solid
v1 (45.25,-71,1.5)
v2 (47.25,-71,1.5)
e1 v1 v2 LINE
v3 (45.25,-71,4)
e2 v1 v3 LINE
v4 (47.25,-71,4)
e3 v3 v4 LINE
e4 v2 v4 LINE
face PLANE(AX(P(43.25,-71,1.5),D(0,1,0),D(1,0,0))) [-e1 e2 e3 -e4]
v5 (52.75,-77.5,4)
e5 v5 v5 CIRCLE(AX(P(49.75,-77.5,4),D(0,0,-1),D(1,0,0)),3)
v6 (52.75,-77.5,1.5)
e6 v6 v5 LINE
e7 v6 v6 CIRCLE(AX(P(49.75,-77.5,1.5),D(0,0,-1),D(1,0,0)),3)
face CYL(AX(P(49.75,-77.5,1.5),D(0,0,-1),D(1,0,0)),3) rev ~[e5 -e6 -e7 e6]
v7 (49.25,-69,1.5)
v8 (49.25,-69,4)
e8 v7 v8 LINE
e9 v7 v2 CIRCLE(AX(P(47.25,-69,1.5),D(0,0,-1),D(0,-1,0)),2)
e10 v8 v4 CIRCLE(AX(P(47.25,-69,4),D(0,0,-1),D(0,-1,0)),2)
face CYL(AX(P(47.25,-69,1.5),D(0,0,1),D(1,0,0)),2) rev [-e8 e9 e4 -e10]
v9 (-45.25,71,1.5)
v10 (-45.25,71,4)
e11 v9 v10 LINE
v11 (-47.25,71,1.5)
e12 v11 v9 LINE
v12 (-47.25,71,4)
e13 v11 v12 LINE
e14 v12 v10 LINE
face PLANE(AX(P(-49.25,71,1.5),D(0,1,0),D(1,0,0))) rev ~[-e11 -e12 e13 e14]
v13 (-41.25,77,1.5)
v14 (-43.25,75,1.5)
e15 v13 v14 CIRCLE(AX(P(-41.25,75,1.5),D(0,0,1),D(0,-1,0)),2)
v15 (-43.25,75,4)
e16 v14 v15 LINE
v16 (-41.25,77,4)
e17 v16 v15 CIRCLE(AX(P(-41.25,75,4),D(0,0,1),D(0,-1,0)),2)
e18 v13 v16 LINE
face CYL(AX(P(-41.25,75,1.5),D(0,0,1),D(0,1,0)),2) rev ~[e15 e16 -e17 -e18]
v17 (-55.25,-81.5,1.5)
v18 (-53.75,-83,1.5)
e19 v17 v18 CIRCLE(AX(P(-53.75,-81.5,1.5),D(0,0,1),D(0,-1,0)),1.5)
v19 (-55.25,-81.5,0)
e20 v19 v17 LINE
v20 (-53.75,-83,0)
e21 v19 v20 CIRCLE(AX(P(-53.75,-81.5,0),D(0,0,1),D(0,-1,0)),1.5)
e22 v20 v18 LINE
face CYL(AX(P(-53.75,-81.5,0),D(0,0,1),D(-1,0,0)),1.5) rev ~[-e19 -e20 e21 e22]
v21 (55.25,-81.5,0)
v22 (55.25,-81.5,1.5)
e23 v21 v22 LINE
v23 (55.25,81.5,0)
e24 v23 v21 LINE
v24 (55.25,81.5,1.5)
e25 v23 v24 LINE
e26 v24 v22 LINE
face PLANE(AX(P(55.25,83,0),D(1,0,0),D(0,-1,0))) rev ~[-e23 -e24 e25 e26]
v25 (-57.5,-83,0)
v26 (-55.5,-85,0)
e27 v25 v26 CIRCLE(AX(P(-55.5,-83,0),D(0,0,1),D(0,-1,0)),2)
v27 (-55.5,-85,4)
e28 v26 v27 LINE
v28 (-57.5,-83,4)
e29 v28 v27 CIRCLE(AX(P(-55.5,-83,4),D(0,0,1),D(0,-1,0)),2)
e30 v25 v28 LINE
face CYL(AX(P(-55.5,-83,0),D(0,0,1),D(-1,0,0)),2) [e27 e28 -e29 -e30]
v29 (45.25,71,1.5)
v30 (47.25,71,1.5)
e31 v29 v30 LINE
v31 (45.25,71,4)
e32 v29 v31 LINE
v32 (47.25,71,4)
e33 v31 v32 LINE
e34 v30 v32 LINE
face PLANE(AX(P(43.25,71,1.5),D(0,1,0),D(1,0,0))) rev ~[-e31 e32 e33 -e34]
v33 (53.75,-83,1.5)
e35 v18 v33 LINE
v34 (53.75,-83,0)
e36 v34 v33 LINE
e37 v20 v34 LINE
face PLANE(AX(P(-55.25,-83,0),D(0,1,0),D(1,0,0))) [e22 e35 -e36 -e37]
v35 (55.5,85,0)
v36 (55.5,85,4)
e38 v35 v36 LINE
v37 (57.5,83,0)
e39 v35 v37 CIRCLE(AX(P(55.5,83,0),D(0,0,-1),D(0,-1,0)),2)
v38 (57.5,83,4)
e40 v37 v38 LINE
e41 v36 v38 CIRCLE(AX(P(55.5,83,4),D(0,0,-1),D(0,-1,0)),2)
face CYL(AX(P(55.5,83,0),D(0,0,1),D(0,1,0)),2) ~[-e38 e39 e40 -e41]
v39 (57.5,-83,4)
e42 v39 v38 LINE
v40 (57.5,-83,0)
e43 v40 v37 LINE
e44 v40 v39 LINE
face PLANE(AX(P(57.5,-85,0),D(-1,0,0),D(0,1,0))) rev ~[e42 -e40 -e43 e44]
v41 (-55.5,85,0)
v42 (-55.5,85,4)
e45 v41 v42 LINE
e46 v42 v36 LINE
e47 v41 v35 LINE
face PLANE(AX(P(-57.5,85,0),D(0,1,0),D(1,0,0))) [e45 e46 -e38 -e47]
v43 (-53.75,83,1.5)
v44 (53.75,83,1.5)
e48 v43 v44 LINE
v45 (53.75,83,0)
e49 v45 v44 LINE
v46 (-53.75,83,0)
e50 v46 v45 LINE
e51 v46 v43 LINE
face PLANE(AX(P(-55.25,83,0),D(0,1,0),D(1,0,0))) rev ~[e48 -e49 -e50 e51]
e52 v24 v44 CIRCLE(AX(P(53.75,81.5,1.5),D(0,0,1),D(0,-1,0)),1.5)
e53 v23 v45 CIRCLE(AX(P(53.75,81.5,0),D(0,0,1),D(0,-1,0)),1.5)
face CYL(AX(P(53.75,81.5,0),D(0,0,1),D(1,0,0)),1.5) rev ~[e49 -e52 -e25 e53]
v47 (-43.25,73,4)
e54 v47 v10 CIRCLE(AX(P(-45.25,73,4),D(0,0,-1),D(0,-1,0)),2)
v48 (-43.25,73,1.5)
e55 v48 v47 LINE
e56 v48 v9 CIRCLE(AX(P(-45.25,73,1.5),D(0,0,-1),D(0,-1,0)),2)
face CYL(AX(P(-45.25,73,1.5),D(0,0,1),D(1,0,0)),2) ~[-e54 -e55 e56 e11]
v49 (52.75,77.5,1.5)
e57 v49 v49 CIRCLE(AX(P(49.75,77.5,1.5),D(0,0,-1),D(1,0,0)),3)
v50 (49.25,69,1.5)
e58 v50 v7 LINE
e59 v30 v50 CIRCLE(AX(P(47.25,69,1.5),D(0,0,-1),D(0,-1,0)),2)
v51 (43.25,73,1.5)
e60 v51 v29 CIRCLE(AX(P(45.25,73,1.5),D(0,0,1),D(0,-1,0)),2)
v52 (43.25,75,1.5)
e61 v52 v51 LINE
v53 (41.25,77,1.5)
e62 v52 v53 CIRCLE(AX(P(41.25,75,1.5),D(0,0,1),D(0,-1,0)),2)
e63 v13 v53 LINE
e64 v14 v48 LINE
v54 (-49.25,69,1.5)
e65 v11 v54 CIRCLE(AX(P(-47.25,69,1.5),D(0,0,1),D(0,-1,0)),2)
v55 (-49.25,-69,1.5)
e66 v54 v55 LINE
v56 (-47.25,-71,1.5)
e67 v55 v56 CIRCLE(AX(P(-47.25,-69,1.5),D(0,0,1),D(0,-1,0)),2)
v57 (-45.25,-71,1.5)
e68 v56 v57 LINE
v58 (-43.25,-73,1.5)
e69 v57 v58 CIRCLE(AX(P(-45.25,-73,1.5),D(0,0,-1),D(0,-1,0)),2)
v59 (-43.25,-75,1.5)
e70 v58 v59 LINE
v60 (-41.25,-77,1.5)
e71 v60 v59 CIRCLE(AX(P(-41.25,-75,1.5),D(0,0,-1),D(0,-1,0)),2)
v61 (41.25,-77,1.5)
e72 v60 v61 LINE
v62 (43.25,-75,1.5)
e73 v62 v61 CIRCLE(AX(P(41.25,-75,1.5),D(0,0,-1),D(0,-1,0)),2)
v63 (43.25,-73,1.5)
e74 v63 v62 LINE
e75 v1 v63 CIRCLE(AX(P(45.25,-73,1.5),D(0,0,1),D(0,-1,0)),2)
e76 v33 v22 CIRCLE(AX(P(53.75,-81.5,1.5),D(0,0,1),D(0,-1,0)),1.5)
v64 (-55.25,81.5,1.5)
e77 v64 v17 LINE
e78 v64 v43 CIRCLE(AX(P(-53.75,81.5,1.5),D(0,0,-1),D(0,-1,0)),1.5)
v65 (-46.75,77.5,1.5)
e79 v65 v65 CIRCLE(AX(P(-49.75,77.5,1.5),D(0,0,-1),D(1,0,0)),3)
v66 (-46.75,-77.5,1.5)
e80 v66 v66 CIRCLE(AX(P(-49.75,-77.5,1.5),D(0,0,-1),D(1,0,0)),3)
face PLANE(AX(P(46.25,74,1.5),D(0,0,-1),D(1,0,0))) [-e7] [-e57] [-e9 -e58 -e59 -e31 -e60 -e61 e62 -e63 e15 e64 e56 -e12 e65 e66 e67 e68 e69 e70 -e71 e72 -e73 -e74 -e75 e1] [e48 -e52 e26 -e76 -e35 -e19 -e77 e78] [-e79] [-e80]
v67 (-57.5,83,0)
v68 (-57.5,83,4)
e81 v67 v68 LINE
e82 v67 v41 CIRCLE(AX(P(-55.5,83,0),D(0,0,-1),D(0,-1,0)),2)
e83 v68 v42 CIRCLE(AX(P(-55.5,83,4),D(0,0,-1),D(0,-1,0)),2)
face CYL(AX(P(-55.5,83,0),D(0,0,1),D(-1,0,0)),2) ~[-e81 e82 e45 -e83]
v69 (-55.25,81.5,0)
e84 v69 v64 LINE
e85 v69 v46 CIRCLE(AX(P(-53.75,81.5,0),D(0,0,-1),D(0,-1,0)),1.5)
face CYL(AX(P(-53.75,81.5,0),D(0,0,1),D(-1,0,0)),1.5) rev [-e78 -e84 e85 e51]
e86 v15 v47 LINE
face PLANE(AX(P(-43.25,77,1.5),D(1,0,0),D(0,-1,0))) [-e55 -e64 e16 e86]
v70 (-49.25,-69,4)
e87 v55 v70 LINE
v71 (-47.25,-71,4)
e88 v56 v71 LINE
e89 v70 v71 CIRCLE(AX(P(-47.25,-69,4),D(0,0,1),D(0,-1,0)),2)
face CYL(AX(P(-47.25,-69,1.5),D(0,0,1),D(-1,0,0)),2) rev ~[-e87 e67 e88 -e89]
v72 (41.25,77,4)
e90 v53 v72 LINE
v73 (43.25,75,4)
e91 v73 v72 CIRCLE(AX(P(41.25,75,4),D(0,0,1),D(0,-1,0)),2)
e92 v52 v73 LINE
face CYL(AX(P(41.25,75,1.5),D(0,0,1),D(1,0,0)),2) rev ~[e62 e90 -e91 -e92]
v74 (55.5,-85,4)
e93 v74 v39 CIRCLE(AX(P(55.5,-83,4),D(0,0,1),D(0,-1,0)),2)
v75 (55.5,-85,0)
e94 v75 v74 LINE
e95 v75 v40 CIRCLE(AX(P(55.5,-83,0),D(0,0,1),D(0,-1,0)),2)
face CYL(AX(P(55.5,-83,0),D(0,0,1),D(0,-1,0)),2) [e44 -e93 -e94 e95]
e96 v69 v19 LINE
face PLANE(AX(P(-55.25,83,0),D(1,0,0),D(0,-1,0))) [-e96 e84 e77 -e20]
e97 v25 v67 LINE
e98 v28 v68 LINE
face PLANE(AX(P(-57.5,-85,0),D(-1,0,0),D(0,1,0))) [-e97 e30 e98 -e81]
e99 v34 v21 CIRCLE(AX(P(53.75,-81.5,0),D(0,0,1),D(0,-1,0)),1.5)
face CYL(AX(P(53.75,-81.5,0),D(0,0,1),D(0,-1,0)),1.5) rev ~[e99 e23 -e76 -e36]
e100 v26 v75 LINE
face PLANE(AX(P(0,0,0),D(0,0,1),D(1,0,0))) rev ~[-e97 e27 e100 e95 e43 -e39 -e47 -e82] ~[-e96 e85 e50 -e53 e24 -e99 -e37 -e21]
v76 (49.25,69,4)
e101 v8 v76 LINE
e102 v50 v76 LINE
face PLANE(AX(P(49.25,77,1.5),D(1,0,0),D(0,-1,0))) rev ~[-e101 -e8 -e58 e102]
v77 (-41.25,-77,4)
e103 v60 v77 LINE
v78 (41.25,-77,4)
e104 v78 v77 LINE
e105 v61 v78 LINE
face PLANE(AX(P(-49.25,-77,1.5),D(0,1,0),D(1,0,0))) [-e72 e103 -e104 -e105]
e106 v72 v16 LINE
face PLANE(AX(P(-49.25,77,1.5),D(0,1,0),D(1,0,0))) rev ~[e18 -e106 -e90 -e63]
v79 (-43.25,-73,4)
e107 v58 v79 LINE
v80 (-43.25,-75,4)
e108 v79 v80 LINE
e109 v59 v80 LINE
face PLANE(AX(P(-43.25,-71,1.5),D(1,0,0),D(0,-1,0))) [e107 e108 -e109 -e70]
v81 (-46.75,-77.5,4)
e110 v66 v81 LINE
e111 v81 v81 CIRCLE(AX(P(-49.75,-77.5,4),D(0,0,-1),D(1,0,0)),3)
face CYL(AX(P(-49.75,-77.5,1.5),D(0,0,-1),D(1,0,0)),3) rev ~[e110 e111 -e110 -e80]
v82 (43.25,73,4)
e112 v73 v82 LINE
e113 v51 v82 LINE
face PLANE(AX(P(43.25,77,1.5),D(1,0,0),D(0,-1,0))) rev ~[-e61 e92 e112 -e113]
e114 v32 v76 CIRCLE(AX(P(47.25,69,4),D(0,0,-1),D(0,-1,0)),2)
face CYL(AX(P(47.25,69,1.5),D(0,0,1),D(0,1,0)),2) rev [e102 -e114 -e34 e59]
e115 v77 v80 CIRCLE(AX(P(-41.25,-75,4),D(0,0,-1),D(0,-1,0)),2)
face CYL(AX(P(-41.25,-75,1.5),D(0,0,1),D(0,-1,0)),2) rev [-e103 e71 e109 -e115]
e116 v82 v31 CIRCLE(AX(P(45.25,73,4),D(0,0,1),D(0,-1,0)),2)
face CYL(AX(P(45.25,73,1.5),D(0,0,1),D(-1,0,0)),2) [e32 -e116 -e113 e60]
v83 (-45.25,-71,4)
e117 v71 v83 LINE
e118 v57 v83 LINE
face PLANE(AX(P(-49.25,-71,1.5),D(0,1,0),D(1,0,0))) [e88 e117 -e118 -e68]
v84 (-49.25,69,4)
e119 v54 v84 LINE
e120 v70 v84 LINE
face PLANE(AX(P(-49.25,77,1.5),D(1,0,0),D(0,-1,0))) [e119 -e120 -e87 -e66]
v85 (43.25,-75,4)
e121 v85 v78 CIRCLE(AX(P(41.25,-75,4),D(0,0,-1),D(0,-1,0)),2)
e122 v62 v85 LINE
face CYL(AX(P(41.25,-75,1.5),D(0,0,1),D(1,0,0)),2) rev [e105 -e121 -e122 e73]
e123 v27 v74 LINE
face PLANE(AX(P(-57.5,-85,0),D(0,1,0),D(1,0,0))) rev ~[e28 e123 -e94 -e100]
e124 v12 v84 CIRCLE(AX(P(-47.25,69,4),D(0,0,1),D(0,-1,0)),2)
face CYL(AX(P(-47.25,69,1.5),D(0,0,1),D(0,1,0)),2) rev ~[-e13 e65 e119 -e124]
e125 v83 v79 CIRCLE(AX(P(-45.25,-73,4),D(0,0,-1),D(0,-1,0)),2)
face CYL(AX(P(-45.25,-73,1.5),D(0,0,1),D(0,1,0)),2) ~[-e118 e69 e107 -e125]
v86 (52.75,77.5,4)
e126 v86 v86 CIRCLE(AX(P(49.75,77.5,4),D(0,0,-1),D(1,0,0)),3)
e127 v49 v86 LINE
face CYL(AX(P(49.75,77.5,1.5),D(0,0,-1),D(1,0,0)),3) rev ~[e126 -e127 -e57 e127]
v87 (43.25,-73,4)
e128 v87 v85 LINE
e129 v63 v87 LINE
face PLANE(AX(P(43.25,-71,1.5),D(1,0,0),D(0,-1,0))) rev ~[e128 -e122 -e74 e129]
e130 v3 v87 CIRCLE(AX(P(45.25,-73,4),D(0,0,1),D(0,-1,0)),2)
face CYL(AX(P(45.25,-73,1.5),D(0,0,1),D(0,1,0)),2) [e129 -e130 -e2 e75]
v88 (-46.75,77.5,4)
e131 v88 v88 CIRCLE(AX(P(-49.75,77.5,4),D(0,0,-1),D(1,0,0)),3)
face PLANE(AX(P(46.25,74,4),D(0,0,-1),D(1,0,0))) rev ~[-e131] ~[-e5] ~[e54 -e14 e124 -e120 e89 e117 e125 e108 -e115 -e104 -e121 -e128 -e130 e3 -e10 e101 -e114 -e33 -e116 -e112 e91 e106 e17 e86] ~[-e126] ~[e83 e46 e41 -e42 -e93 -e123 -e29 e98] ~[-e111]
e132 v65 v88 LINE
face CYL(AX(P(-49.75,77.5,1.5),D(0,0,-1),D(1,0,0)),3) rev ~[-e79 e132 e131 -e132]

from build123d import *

# Parameters (mm, degrees)
F0_W      = 115
F0_H      = 170
F1_DEPTH  = 4
F2_W      = 110.5
F2_H      = 166
F3_DEPTH  = 1.5
F4_W      = 98.5
F4_H      = 154
F5_DEPTH  = 2.501
F7_W      = 6
F7_H      = 6
F8_DEPTH  = 2.5
F9_R      = 3
F10_DEPTH = 2.501
F11_R     = 2
F12_R     = 2
F13_R     = 1.5


with BuildPart() as f1:
    # F0 (on Top) → F1 (new body)
    with BuildSketch(Plane.XY):
        Rectangle(F0_W, F0_H)
    extrude(amount=F1_DEPTH)

    # F2 (on face) → F3 (cut)
    with BuildSketch(Plane(origin=(0, 0, 0), x_dir=(1, 0, 0), z_dir=(0, 0, -1))):
        Rectangle(F2_W, F2_H)
    extrude(amount=-F3_DEPTH, mode=Mode.SUBTRACT)

    # F4 (on face) → F5 (cut, through all)
    with BuildSketch(Plane(origin=(0, 0, 1.5), x_dir=(1, 0, 0), z_dir=(0, 0, -1))):
        Rectangle(F4_W, F4_H)
    extrude(amount=-F5_DEPTH, mode=Mode.SUBTRACT)

    # F7 (on face) → F8 (join, through all)
    with BuildSketch(Plane(origin=(0, 0, 1.5), x_dir=(1, 0, 0), z_dir=(0, 0, -1))):
        with Locations((46.25, -74)):
            Rectangle(F7_W, F7_H)
        with Locations((-46.25, -74)):
            Rectangle(F7_W, F7_H)
        with Locations((-46.25, 74)):
            Rectangle(F7_W, F7_H)
        with Locations((46.25, 74)):
            Rectangle(F7_W, F7_H)
    extrude(amount=-F8_DEPTH)

    # F9 (on face) → F10 (cut, through all)
    with BuildSketch(Plane(origin=(0, 0, 1.5), x_dir=(1, 0, 0), z_dir=(0, 0, -1))):
        with Locations((49.75, -77.5)):
            Circle(F9_R)
        with Locations((-49.75, -77.5)):
            Circle(F9_R)
        with Locations((-49.75, 77.5)):
            Circle(F9_R)
        with Locations((49.75, 77.5)):
            Circle(F9_R)
    extrude(amount=-F10_DEPTH, mode=Mode.SUBTRACT)

    # F11
    f11_edges = [f1.edges().sort_by_distance(p)[0] for p in [
        (-43.25, 77, 2.75),
        (-43.25, 71, 2.75),
        (-49.25, 71, 2.75),
        (49.25, 71, 2.75),
        (43.25, 71, 2.75),
        (43.25, 77, 2.75),
        (49.25, -71, 2.75),
        (43.25, -71, 2.75),
        (43.25, -77, 2.75),
        (-43.25, -77, 2.75),
        (-43.25, -71, 2.75),
        (-49.25, -71, 2.75),
    ]]
    fillet(f11_edges, radius=F11_R)

    # F12
    f12_edges = [f1.edges().sort_by_distance(p)[0] for p in [
        (-57.5, 85, 2),
        (57.5, 85, 2),
        (57.5, -85, 2),
        (-57.5, -85, 2),
    ]]
    fillet(f12_edges, radius=F12_R)

    # F13
    f13_edges = [f1.edges().sort_by_distance(p)[0] for p in [
        (55.25, 83, 0.75),
        (-55.25, 83, 0.75),
        (-55.25, -83, 0.75),
        (55.25, -83, 0.75),
    ]]
    fillet(f13_edges, radius=F13_R)


solid = f1.part
